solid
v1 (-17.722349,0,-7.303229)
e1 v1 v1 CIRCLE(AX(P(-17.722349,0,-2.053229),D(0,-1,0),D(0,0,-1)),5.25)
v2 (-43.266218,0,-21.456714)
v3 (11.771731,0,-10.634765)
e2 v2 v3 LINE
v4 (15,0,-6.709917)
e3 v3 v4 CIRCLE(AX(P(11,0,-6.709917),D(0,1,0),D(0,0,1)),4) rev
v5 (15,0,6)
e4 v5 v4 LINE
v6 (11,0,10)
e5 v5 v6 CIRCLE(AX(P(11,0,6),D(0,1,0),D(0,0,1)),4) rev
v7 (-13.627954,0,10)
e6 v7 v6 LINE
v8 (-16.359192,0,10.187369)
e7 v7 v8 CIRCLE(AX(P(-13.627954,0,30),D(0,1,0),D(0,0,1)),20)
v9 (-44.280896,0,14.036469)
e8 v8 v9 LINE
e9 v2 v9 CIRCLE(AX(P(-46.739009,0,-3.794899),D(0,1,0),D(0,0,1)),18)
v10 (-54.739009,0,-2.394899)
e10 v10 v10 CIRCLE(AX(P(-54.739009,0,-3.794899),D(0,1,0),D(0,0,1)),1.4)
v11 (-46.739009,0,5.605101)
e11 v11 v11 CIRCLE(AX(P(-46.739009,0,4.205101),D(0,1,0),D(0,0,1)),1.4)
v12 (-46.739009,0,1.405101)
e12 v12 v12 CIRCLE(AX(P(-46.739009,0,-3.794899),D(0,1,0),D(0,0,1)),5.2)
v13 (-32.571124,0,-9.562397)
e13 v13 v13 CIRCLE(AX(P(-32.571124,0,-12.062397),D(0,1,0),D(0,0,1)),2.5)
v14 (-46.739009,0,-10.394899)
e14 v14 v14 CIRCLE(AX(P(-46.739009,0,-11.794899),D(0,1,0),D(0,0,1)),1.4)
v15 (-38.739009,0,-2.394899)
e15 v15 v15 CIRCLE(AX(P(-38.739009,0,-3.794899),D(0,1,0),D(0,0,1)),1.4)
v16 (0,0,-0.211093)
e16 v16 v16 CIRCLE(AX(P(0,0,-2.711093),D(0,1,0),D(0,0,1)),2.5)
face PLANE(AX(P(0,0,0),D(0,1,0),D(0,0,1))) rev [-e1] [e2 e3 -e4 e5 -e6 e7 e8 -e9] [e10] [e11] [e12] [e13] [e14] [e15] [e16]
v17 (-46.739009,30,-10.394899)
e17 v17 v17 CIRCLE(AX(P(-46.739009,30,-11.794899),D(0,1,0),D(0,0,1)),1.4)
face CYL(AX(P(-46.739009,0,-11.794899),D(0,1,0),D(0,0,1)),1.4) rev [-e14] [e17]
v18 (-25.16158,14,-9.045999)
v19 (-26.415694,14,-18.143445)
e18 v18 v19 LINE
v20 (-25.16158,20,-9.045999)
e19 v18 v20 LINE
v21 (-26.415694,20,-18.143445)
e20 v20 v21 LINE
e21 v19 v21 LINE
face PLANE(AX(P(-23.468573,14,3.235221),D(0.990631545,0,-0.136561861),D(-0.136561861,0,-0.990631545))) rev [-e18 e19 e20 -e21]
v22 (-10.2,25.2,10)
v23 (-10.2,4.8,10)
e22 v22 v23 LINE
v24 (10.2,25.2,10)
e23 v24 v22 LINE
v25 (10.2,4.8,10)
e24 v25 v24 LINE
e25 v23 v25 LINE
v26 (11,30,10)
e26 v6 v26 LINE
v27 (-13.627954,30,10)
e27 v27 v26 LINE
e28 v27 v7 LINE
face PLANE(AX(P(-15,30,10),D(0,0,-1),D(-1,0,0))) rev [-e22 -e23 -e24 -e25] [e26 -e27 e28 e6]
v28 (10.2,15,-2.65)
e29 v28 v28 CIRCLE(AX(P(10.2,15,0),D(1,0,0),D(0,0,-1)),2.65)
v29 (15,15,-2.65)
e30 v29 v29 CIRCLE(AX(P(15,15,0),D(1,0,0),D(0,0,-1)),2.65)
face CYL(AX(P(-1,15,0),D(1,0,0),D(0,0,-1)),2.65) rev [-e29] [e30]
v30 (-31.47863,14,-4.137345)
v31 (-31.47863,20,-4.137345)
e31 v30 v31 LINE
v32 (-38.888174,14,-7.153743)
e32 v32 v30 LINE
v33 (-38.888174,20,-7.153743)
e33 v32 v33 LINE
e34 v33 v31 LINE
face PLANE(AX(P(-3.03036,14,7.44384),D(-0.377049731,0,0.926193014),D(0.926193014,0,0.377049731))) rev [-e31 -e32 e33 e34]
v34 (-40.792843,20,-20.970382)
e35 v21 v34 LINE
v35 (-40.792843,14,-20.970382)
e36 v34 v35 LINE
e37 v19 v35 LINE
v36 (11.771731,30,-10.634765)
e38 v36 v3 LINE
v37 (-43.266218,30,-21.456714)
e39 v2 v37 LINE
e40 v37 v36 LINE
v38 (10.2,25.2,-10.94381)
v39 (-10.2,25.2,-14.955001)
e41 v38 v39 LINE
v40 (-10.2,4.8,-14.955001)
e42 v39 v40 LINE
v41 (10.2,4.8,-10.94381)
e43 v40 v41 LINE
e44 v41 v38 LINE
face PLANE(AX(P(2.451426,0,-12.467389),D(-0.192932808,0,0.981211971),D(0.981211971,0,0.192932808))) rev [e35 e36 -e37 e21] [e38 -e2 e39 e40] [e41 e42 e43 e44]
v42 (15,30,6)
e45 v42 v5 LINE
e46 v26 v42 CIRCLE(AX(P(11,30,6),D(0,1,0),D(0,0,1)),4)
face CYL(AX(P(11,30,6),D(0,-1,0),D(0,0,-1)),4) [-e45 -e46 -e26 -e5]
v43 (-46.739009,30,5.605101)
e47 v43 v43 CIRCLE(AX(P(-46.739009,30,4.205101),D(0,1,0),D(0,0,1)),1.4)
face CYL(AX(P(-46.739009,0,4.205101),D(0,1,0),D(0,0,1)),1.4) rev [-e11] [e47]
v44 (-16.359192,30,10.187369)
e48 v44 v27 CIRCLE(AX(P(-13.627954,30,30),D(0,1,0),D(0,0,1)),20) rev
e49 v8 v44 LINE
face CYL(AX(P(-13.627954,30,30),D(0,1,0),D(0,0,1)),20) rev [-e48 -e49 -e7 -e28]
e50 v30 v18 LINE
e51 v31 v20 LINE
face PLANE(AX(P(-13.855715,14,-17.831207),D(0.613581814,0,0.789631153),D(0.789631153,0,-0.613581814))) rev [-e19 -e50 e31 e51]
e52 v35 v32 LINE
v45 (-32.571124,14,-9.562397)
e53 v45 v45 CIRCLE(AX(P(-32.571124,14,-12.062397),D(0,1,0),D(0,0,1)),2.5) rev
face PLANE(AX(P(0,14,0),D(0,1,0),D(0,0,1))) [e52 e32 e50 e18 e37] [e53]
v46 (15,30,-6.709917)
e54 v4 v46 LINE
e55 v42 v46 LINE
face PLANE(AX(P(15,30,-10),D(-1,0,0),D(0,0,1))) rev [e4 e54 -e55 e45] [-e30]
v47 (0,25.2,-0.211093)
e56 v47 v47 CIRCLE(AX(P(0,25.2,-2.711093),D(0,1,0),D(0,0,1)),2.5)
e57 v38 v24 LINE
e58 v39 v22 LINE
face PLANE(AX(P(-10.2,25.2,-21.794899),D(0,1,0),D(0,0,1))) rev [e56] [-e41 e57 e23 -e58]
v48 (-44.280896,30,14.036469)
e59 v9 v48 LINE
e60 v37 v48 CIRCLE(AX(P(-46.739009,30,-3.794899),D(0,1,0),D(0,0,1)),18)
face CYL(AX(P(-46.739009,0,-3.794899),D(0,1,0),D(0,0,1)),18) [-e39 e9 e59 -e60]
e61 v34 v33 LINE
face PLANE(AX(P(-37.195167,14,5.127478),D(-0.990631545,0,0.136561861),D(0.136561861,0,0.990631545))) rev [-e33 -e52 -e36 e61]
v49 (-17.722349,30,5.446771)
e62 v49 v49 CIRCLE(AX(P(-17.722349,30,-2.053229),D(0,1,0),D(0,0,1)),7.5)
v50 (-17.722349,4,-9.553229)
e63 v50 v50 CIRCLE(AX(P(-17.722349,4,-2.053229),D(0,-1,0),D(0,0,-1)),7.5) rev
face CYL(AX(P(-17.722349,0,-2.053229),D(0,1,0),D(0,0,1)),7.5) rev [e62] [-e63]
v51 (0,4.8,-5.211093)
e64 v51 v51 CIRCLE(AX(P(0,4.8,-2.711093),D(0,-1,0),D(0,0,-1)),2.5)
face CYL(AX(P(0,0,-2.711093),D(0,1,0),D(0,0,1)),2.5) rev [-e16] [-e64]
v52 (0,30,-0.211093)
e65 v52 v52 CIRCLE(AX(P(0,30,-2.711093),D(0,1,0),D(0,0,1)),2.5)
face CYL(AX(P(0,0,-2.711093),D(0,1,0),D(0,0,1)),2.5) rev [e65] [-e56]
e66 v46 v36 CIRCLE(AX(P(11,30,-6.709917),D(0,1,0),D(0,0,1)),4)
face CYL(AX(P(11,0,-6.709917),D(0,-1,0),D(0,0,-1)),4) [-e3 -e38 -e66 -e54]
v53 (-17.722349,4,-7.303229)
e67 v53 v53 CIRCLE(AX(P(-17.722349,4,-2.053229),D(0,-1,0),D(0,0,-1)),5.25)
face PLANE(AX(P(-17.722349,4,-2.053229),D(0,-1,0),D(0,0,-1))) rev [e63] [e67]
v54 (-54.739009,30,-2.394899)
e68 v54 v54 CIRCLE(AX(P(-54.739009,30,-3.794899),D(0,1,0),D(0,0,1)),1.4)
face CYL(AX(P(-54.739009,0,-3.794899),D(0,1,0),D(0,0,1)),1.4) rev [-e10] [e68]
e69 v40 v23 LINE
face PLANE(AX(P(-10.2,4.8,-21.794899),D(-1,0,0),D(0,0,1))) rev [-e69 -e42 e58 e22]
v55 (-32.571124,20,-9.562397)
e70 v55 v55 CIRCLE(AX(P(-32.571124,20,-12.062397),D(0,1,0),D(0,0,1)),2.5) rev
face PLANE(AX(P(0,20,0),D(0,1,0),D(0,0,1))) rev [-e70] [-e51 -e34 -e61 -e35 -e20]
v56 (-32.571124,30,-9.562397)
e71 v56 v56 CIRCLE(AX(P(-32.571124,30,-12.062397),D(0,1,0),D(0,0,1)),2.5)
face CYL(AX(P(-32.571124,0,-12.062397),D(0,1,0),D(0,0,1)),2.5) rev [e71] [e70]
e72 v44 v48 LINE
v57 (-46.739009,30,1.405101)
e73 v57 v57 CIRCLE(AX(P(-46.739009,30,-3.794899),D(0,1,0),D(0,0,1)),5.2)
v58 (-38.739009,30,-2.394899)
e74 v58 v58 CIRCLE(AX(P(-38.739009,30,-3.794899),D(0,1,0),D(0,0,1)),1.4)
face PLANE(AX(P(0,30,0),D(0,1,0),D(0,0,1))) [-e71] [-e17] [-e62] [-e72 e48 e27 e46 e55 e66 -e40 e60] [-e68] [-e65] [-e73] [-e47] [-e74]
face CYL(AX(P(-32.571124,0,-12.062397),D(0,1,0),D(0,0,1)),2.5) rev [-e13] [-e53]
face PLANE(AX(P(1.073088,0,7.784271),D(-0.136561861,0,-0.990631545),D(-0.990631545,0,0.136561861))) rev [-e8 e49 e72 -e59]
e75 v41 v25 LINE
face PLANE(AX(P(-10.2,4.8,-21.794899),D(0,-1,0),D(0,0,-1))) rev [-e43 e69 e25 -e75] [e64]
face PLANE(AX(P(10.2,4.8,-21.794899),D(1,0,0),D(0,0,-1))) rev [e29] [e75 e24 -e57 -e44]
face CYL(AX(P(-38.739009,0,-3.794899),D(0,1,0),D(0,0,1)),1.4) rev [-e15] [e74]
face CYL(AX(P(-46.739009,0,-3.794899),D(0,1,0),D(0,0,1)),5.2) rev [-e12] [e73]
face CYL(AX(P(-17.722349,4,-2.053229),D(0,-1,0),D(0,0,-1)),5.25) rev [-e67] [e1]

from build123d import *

# Parameters (mm, degrees)
SKETCH1_W           = 30
SKETCH1_H           = 20
BOSS_EXTRUDE1_DEPTH = 30
SKETCH3_R           = 1.4
SKETCH3_R_2         = 5.2
BOSS_EXTRUDE2_DEPTH = 30
SKETCH2_W           = 20.4
SKETCH2_H           = 20.4
CUT_EXTRUDE1_DEPTH  = 79.115650631
SKETCH9_R           = 7.5
CUT_EXTRUDE5_DEPTH  = 75.606681327
SKETCH5_R           = 8.054275222
SKETCH5_R_2         = 5.25
BOSS_EXTRUDE3_DEPTH = 4
SKETCH7_R           = 2.5
CUT_EXTRUDE3_DEPTH  = 75.606681327
CUT_EXTRUDE4_START  = -10
SKETCH8_R           = 2.5
CUT_EXTRUDE4_DEPTH  = 6
FILLET1_R           = 20
SKETCH10_R          = 2.65
CUT_EXTRUDE6_DEPTH  = 16
FILLET2_R           = 4


with BuildPart() as part:
    # Sketch1 → Boss-Extrude1 (new body)
    with BuildSketch(Plane(origin=(0, 0, 0), x_dir=(1, 0, 0), z_dir=(0, 1, 0))):
        Rectangle(SKETCH1_W, SKETCH1_H)
    extrude(amount=BOSS_EXTRUDE1_DEPTH)

    # Sketch3 → Boss-Extrude2 (add)
    # profile 1 of 2: a face of its own
    with BuildSketch(Plane(origin=(0, 30, 0), x_dir=(1, 0, 0), z_dir=(0, 1, 0))):
        with BuildLine():
            Line((-17.722348511, 16.434098612), (-17.722348511, 9.553228991))
            ThreePointArc((-17.722348511, 9.553228991), (-16.337354231, 9.424239155), (-15, 9.041706549))
            Line((-15, 9.041706549), (-15, 10))
            Line((-15, 10), (15, 10))
            Line((15, 10), (-17.722348511, 16.434098612))
        make_face()
    # profile 2 of 2: a face of its own
    with BuildSketch(Plane(origin=(0, 30, 0), x_dir=(1, 0, 0), z_dir=(0, 1, 0))):
        with BuildLine():
            ThreePointArc((-17.722348511, -5.446771009), (-25.222348511, 2.053228991), (-17.722348511, 9.553228991))
            Line((-17.722348511, 9.553228991), (-17.722348511, 16.434098612))
            Line((-17.722348511, 16.434098612), (-43.266218467, 21.456714216))
            ThreePointArc((-43.266218467, 21.456714216), (-64.731658081, 4.309271536), (-44.280895506, -14.036469069))
            Line((-44.280895506, -14.036469069), (-15, -10))
            Line((-15, -10), (-15, -4.935248568))
            ThreePointArc((-15, -4.935248568), (-16.337354231, -5.317781174), (-17.722348511, -5.446771009))
        make_face()
        with Locations(Location((-46.739009009, -4.205101259, 0), (0, 0, 270))):
            Circle(SKETCH3_R, mode=Mode.SUBTRACT)
        with Locations(Location((-54.739009009, 3.794898741, 0), (0, 0, 270))):
            Circle(SKETCH3_R, mode=Mode.SUBTRACT)
        with Locations(Location((-46.739009009, 3.794898741, 0), (0, 0, 270))):
            Circle(SKETCH3_R_2, mode=Mode.SUBTRACT)
        with Locations(Location((-46.739009009, 11.794898741, 0), (0, 0, 270))):
            Circle(SKETCH3_R, mode=Mode.SUBTRACT)
        with Locations(Location((-38.739009009, 3.794898741, 0), (0, 0, 270))):
            Circle(SKETCH3_R, mode=Mode.SUBTRACT)
    extrude(amount=-BOSS_EXTRUDE2_DEPTH)

    # Sketch2 → Cut-Extrude1 (cut, through all)
    with BuildSketch(Plane.XY.offset(10)):
        with Locations((0, 15)):
            Rectangle(SKETCH2_W, SKETCH2_H)
    extrude(amount=-CUT_EXTRUDE1_DEPTH, mode=Mode.SUBTRACT)

    # Sketch9 → Cut-Extrude5 (cut, through all)
    with BuildSketch(Plane(origin=(0, 30, 0), x_dir=(1, 0, 0), z_dir=(0, 1, 0))):
        with Locations(Location((-17.722348511, 2.053228991, 0), (0, 0, 270))):
            Circle(SKETCH9_R)
    extrude(amount=-CUT_EXTRUDE5_DEPTH, mode=Mode.SUBTRACT)

    # Sketch5 → Boss-Extrude3 (add)
    with BuildSketch(Plane.XZ):
        with Locations((-17.722348511, -2.053228991)):
            Circle(SKETCH5_R)
        with Locations(Location((-17.722348511, -2.053228991, 0), (0, 0, 270))):
            Circle(SKETCH5_R_2, mode=Mode.SUBTRACT)
    extrude(amount=-BOSS_EXTRUDE3_DEPTH)

    # Sketch7 → Cut-Extrude3 (cut, through all)
    with BuildSketch(Plane(origin=(0, 30, 0), x_dir=(1, 0, 0), z_dir=(0, 1, 0))):
        with Locations(Location((0, 2.711092918, 0), (0, 0, 270))):
            Circle(SKETCH7_R)
        with Locations(Location((-32.57112446, 12.062397221, 0), (0, 0, 270))):
            Circle(SKETCH7_R)
    extrude(amount=-CUT_EXTRUDE3_DEPTH, mode=Mode.SUBTRACT)

    # Sketch8 → Cut-Extrude4 (cut)
    # profile 1 of 5: a face of its own
    with BuildSketch(Plane(origin=(0, 30, 0), x_dir=(1, 0, 0), z_dir=(0, 1, 0)).offset(CUT_EXTRUDE4_START)):
        Polygon((-31.673466141, 19.177265611), (-34.093809851, 19.653170637), (-39.980668575, 15.078795072), (-38.888173685, 7.153742712), (-31.478629569, 4.13734486), (-25.161580344, 9.045999369), (-26.254075234, 16.971051729), align=None)
        with Locations(Location((-32.57112446, 12.062397221, 0), (0, 0, 270))):
            Circle(SKETCH8_R, mode=Mode.SUBTRACT)
    # profile 2 of 5: a face of its own
    with BuildSketch(Plane(origin=(0, 30, 0), x_dir=(1, 0, 0), z_dir=(0, 1, 0)).offset(CUT_EXTRUDE4_START)):
        Polygon((-34.093809851, 19.653170637), (-33.66361935, 19.987449581), (-31.673466141, 19.177265611), (-26.415693603, 18.143445347), (-27.334766958, 24.810482895), (-41.061360298, 22.918226238), (-40.792843449, 20.970381801), align=None)
    # profile 3 of 5: a face of its own
    with BuildSketch(Plane(origin=(0, 30, 0), x_dir=(1, 0, 0), z_dir=(0, 1, 0)).offset(CUT_EXTRUDE4_START)):
        Polygon((-26.415693603, 18.143445347), (-31.673466141, 19.177265611), (-26.254075234, 16.971051729), align=None)
    # profile 4 of 5: a face of its own
    with BuildSketch(Plane(origin=(0, 30, 0), x_dir=(1, 0, 0), z_dir=(0, 1, 0)).offset(CUT_EXTRUDE4_START)):
        Polygon((-39.980668575, 15.078795072), (-34.093809851, 19.653170637), (-40.792843449, 20.970381801), align=None)
    # profile 5 of 5: a face of its own
    with BuildSketch(Plane(origin=(0, 30, 0), x_dir=(1, 0, 0), z_dir=(0, 1, 0)).offset(CUT_EXTRUDE4_START)):
        Polygon((-31.673466141, 19.177265611), (-33.66361935, 19.987449581), (-34.093809851, 19.653170637), align=None)
    extrude(amount=-CUT_EXTRUDE4_DEPTH, mode=Mode.SUBTRACT)

    # Fillet1
    fillet1_edges = [part.edges().sort_by_distance(p)[0] for p in [
        (-15, 15, 10),
    ]]
    fillet(fillet1_edges, radius=FILLET1_R)

    # Sketch10 → Cut-Extrude6 (cut)
    with BuildSketch(Plane(origin=(15, 0, 0), x_dir=(0, 0, -1), z_dir=(1, 0, 0))):
        with Locations((0, 15)):
            Circle(SKETCH10_R)
    extrude(amount=-CUT_EXTRUDE6_DEPTH, mode=Mode.SUBTRACT)

    # Fillet2
    fillet2_edges = [part.edges().sort_by_distance(p)[0] for p in [
        (15, 15, 10),
        (15, 15, -10),
    ]]
    fillet(fillet2_edges, radius=FILLET2_R)


solid = part.part
